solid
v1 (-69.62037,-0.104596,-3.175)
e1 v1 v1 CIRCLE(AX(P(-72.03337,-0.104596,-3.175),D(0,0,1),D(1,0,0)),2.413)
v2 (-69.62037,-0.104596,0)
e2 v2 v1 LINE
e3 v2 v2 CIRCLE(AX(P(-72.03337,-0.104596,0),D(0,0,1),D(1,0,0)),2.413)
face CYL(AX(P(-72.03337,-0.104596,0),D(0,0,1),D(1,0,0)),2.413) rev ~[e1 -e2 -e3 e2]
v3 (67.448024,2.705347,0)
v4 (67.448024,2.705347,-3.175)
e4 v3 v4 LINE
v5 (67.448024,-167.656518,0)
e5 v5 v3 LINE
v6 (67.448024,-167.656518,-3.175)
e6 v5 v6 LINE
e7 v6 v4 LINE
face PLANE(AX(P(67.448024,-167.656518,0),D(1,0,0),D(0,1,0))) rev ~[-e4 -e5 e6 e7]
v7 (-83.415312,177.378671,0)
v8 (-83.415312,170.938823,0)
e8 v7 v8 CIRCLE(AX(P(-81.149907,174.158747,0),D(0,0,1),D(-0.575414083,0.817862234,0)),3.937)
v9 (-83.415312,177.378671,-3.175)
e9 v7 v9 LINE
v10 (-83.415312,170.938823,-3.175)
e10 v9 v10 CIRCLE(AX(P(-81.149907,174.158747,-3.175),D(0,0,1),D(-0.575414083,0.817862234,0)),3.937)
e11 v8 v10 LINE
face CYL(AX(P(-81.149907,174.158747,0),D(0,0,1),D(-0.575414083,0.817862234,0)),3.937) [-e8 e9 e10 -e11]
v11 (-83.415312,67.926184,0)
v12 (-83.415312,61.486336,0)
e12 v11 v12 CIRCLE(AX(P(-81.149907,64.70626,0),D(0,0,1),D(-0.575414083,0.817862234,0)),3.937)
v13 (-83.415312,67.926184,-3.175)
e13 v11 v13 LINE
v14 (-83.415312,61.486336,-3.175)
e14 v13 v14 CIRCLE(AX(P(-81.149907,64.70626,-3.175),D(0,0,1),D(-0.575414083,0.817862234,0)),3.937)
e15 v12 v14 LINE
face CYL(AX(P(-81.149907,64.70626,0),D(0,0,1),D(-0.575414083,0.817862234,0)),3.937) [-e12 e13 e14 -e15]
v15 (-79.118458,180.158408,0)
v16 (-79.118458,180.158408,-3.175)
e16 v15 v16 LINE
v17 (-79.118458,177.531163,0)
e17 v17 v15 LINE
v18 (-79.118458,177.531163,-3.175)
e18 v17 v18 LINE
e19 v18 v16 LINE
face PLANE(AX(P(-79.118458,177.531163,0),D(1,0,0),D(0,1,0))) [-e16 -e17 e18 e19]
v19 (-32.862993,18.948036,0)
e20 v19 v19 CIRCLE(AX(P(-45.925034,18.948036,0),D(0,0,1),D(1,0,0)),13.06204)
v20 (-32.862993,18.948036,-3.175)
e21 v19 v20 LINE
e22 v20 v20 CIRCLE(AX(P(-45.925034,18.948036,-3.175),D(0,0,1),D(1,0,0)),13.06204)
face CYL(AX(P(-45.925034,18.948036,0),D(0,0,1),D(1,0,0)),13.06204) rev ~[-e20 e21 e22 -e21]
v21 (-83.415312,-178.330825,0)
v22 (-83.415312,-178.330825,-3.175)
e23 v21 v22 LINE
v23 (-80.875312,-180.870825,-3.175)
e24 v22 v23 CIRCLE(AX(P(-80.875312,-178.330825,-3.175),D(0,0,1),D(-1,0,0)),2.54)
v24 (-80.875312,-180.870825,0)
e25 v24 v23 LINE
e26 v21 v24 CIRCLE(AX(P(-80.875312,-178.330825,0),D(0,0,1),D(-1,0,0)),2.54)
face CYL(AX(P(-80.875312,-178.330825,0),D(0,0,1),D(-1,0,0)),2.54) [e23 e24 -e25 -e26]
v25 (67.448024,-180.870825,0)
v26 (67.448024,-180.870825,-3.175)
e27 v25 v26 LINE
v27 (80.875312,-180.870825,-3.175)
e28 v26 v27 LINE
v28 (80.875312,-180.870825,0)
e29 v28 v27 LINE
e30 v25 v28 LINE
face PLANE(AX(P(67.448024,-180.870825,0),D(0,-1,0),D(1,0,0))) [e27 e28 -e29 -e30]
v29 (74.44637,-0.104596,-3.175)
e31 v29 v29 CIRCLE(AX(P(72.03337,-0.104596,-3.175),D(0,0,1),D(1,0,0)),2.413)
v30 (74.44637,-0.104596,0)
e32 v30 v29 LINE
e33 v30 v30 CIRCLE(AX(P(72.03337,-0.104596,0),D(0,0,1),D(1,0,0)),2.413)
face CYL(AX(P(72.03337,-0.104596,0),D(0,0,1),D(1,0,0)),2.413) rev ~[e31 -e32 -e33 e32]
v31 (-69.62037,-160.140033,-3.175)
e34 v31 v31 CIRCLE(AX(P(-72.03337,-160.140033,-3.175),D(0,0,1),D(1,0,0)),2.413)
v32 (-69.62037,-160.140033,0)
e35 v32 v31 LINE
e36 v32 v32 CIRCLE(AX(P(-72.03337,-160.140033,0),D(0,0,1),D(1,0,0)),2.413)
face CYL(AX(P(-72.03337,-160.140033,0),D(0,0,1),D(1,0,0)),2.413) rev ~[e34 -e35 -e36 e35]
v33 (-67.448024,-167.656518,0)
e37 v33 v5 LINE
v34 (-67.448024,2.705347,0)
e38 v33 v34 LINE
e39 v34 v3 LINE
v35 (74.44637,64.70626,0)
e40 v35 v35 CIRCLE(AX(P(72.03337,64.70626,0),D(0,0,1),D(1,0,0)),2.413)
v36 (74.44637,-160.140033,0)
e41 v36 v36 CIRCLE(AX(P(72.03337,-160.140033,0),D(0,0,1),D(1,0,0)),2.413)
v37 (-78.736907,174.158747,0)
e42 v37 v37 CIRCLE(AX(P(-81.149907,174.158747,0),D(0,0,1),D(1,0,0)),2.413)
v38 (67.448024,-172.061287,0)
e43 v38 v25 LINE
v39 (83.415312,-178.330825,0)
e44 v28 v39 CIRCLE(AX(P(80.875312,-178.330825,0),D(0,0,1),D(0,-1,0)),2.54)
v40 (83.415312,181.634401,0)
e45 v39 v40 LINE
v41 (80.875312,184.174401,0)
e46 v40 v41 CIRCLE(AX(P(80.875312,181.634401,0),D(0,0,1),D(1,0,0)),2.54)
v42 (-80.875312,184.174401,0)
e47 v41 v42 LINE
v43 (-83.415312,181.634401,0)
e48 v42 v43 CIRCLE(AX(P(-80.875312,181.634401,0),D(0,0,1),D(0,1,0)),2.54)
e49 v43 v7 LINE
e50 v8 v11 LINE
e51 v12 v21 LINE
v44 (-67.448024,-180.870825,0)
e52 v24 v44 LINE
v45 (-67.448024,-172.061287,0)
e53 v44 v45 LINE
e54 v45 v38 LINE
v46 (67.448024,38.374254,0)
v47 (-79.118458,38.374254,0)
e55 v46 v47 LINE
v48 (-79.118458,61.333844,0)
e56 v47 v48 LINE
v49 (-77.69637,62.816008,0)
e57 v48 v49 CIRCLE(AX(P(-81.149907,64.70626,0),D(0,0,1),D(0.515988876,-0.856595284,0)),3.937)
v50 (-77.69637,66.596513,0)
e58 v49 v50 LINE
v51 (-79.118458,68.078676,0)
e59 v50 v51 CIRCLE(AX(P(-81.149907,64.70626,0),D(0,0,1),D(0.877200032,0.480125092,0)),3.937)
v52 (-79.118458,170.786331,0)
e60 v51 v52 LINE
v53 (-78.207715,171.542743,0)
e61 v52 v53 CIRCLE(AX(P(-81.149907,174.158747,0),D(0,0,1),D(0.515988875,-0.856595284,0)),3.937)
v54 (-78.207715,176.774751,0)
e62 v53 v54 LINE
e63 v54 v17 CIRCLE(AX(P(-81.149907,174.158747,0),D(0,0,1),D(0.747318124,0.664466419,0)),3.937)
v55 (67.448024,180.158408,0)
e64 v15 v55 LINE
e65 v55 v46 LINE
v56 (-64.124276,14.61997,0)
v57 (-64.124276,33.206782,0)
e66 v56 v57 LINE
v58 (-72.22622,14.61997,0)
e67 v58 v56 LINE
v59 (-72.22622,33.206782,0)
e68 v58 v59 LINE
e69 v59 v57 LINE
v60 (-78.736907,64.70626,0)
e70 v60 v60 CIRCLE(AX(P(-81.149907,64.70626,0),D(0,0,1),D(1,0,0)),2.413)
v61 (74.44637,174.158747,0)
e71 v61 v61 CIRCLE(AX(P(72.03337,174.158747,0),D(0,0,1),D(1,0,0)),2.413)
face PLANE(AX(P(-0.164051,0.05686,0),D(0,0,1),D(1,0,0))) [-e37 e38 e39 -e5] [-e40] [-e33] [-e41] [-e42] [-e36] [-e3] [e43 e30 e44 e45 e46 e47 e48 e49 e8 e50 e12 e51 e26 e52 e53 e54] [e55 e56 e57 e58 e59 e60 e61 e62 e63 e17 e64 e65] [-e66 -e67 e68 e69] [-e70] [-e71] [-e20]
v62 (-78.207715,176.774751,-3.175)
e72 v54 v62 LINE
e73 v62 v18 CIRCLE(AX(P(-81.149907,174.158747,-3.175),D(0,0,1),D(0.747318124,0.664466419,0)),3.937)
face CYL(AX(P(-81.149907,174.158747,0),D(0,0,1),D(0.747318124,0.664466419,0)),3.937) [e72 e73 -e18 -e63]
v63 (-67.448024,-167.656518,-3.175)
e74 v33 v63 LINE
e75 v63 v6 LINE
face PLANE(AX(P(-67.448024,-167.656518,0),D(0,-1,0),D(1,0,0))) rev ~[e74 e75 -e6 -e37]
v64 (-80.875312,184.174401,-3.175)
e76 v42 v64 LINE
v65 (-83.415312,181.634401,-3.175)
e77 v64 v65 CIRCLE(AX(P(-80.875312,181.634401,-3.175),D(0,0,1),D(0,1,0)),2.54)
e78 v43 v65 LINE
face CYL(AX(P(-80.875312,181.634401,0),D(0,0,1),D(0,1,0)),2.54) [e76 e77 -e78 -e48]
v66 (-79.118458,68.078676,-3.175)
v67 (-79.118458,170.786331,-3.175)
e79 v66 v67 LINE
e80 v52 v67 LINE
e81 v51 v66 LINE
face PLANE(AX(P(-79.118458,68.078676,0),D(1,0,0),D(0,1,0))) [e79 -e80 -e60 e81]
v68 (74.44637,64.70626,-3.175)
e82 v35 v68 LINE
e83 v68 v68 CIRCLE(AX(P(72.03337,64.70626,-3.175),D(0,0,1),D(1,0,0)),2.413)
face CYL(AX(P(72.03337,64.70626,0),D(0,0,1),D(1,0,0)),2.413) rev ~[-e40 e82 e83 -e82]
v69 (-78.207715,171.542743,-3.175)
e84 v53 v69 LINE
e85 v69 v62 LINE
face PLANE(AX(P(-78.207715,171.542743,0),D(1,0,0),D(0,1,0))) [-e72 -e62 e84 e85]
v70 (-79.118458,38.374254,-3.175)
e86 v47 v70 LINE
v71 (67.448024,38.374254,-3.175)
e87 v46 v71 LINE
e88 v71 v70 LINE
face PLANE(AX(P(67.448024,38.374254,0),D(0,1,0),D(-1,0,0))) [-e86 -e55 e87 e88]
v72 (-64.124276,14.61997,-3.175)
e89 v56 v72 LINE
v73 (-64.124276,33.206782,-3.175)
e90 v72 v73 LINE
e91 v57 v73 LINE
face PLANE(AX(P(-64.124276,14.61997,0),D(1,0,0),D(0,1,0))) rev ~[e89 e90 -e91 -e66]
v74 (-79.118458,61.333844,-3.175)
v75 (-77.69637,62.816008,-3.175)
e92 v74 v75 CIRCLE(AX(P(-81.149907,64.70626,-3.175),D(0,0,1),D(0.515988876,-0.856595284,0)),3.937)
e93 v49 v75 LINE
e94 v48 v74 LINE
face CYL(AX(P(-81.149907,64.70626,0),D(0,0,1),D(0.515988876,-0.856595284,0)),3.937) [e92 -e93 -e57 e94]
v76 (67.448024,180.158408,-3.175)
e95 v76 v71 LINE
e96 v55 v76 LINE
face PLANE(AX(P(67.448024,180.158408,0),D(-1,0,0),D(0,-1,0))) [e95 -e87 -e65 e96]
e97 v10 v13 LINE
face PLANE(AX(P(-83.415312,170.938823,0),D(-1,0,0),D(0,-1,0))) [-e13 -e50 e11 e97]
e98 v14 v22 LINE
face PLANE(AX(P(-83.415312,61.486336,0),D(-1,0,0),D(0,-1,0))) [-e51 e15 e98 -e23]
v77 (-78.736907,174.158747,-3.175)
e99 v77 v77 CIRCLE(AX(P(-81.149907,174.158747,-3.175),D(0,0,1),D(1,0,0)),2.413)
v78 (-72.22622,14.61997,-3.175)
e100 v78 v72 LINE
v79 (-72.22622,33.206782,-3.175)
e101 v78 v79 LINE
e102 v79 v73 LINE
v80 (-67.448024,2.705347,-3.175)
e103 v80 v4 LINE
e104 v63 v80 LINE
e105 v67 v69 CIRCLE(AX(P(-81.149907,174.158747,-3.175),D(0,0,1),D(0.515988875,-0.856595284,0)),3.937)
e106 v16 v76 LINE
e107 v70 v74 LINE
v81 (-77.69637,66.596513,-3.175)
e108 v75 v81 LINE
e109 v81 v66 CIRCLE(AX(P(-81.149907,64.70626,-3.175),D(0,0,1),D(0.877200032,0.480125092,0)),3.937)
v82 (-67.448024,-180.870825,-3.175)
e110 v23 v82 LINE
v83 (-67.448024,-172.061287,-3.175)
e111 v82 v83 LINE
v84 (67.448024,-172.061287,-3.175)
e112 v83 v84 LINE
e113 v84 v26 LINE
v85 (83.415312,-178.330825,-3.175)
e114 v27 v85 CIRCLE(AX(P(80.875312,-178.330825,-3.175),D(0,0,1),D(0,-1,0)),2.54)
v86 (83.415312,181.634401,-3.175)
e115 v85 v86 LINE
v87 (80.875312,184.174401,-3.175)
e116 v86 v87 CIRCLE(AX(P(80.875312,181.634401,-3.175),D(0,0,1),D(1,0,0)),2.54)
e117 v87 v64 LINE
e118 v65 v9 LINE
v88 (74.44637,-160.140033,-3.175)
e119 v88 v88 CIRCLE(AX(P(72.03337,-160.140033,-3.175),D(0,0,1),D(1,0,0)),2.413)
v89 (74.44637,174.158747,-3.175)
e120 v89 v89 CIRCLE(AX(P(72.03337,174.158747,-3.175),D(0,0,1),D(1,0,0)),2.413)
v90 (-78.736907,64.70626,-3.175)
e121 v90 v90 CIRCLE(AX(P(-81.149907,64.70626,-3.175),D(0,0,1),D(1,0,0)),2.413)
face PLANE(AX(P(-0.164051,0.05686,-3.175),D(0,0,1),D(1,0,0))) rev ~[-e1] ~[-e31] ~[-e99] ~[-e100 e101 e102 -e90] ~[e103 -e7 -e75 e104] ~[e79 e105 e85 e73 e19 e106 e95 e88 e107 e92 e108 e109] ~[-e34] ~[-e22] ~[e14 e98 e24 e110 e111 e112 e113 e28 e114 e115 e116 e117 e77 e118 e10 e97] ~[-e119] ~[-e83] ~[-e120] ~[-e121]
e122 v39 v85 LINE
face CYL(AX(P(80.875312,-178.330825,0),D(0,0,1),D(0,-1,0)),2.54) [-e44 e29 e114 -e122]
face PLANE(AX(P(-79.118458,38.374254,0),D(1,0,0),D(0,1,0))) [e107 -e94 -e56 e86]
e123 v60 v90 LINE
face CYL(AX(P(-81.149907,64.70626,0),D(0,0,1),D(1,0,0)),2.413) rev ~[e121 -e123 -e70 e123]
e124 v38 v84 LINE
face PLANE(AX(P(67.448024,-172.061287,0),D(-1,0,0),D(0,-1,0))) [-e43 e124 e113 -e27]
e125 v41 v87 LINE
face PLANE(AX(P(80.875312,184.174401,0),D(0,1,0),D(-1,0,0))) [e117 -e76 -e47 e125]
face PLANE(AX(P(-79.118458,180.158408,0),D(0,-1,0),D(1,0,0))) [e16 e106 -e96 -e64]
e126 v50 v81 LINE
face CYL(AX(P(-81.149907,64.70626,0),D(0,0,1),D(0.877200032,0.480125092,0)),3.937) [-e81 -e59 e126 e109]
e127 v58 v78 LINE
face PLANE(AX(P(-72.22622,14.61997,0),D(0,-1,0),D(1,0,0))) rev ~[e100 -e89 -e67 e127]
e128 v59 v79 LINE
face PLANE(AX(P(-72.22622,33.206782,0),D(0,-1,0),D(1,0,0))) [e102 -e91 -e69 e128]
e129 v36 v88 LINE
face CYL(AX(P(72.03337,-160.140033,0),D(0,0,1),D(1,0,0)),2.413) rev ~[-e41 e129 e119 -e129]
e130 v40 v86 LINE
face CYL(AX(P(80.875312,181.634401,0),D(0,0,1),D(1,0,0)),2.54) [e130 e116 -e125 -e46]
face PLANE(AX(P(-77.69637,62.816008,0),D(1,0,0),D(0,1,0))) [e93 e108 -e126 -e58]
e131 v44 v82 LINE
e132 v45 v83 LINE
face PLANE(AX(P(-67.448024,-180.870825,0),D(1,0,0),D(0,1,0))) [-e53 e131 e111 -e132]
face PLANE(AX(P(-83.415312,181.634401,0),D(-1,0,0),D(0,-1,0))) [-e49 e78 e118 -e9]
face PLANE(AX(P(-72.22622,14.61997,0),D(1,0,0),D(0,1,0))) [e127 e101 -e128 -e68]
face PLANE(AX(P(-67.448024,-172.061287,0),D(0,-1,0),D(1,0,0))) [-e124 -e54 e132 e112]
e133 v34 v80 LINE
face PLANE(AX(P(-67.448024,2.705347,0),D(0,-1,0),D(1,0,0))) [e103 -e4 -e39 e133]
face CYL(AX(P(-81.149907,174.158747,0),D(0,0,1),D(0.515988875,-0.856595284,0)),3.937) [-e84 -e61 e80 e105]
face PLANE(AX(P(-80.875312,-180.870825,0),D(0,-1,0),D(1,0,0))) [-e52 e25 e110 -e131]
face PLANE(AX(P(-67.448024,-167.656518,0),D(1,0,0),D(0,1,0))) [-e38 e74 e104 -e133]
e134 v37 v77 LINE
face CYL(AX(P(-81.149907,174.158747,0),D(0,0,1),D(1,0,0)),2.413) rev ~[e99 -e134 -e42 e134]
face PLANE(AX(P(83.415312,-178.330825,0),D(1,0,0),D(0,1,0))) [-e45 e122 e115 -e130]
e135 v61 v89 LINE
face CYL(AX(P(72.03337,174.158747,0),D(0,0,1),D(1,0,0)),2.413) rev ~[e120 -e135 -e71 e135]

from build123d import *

# Parameters (mm, degrees)
SKETCH1_R          = 13.062040361
SKETCH1_R_2        = 2.413
SKETCH1_W          = 134.896048872
SKETCH1_H          = 170.361865006
SKETCH1_W_2        = 8.101943593
SKETCH1_H_2        = 18.586811772
BASE_EXTRUDE_DEPTH = 3.175


with BuildPart() as part:
    # Sketch1 → Base-Extrude (new body)
    with BuildSketch(Plane.XY):
        with BuildLine():
            Line((67.448024436, -180.870824712), (80.875311853, -180.870824712))
            ThreePointArc((80.875311853, -180.870824712), (82.671363078, -180.126875936), (83.415311853, -178.330824712))
            Line((83.415311853, -178.330824712), (83.415311853, 181.634401419))
            ThreePointArc((83.415311853, 181.634401419), (82.671363078, 183.430452643), (80.875311853, 184.174401419))
            Line((80.875311853, 184.174401419), (67.448024436, 184.174401419))
            Line((67.448024436, 184.174401419), (-80.875311853, 184.174401419))
            ThreePointArc((-80.875311853, 184.174401419), (-82.671363078, 183.430452643), (-83.415311853, 181.634401419))
            Line((-83.415311853, 181.634401419), (-83.415311853, 177.378670652))
            ThreePointArc((-83.415311853, 177.378670652), (-85.086906608, 174.158747039), (-83.415311853, 170.938823426))
            Line((-83.415311853, 170.938823426), (-83.415311853, 67.926183644))
            ThreePointArc((-83.415311853, 67.926183644), (-85.086906608, 64.706260031), (-83.415311853, 61.486336418))
            Line((-83.415311853, 61.486336418), (-83.415311853, -178.330824712))
            ThreePointArc((-83.415311853, -178.330824712), (-82.671363078, -180.126875936), (-80.875311853, -180.870824712))
            Line((-80.875311853, -180.870824712), (-67.448024436, -180.870824712))
            Line((-67.448024436, -180.870824712), (-67.448024436, -172.061286826))
            Line((-67.448024436, -172.061286826), (67.448024436, -172.061286826))
            Line((67.448024436, -172.061286826), (67.448024436, -180.870824712))
        make_face()
        with Locations((-45.925033829, 18.948035519)):
            Circle(SKETCH1_R, mode=Mode.SUBTRACT)
        with Locations((-81.149906608, 174.158747039)):
            Circle(SKETCH1_R_2, mode=Mode.SUBTRACT)
        with Locations((-72.033370308, -0.104595883)):
            Circle(SKETCH1_R_2, mode=Mode.SUBTRACT)
        with Locations((-72.033370308, -160.140032971)):
            Circle(SKETCH1_R_2, mode=Mode.SUBTRACT)
        with Locations((72.033370308, -160.140032971)):
            Circle(SKETCH1_R_2, mode=Mode.SUBTRACT)
        with Locations((72.033370308, 174.158747039)):
            Circle(SKETCH1_R_2, mode=Mode.SUBTRACT)
        with Locations((72.033370308, 64.706260031)):
            Circle(SKETCH1_R_2, mode=Mode.SUBTRACT)
        with Locations((72.033370308, -0.104595883)):
            Circle(SKETCH1_R_2, mode=Mode.SUBTRACT)
        with Locations((-81.149906608, 64.706260031)):
            Circle(SKETCH1_R_2, mode=Mode.SUBTRACT)
        with BuildLine():
            Line((67.448024436, 180.158408435), (67.448024436, 38.374253759))
            Line((67.448024436, 38.374253759), (-79.118458404, 38.374253759))
            Line((-79.118458404, 38.374253759), (-79.118458404, 61.333844399))
            ThreePointArc((-79.118458404, 61.333844399), (-78.309050002, 61.980548611), (-77.696370086, 62.816007537))
            Line((-77.696370086, 62.816007537), (-77.696370086, 66.596512525))
            ThreePointArc((-77.696370086, 66.596512525), (-78.309050002, 67.431971452), (-79.118458404, 68.078675663))
            Line((-79.118458404, 68.078675663), (-79.118458404, 170.786331407))
            ThreePointArc((-79.118458404, 170.786331407), (-78.634491656, 171.130107638), (-78.207715157, 171.542742745))
            Line((-78.207715157, 171.542742745), (-78.207715157, 176.774751333))
            ThreePointArc((-78.207715157, 176.774751333), (-78.634491656, 177.18738644), (-79.118458404, 177.531162671))
            Line((-79.118458404, 177.531162671), (-79.118458404, 180.158408435))
            Line((-79.118458404, 180.158408435), (67.448024436, 180.158408435))
        make_face(mode=Mode.SUBTRACT)
        with Locations((0, -82.475585381)):
            Rectangle(SKETCH1_W, SKETCH1_H, mode=Mode.SUBTRACT)
        with Locations((-68.175247928, 23.913375939)):
            Rectangle(SKETCH1_W_2, SKETCH1_H_2, mode=Mode.SUBTRACT)
    extrude(amount=-BASE_EXTRUDE_DEPTH)


solid = part.part
